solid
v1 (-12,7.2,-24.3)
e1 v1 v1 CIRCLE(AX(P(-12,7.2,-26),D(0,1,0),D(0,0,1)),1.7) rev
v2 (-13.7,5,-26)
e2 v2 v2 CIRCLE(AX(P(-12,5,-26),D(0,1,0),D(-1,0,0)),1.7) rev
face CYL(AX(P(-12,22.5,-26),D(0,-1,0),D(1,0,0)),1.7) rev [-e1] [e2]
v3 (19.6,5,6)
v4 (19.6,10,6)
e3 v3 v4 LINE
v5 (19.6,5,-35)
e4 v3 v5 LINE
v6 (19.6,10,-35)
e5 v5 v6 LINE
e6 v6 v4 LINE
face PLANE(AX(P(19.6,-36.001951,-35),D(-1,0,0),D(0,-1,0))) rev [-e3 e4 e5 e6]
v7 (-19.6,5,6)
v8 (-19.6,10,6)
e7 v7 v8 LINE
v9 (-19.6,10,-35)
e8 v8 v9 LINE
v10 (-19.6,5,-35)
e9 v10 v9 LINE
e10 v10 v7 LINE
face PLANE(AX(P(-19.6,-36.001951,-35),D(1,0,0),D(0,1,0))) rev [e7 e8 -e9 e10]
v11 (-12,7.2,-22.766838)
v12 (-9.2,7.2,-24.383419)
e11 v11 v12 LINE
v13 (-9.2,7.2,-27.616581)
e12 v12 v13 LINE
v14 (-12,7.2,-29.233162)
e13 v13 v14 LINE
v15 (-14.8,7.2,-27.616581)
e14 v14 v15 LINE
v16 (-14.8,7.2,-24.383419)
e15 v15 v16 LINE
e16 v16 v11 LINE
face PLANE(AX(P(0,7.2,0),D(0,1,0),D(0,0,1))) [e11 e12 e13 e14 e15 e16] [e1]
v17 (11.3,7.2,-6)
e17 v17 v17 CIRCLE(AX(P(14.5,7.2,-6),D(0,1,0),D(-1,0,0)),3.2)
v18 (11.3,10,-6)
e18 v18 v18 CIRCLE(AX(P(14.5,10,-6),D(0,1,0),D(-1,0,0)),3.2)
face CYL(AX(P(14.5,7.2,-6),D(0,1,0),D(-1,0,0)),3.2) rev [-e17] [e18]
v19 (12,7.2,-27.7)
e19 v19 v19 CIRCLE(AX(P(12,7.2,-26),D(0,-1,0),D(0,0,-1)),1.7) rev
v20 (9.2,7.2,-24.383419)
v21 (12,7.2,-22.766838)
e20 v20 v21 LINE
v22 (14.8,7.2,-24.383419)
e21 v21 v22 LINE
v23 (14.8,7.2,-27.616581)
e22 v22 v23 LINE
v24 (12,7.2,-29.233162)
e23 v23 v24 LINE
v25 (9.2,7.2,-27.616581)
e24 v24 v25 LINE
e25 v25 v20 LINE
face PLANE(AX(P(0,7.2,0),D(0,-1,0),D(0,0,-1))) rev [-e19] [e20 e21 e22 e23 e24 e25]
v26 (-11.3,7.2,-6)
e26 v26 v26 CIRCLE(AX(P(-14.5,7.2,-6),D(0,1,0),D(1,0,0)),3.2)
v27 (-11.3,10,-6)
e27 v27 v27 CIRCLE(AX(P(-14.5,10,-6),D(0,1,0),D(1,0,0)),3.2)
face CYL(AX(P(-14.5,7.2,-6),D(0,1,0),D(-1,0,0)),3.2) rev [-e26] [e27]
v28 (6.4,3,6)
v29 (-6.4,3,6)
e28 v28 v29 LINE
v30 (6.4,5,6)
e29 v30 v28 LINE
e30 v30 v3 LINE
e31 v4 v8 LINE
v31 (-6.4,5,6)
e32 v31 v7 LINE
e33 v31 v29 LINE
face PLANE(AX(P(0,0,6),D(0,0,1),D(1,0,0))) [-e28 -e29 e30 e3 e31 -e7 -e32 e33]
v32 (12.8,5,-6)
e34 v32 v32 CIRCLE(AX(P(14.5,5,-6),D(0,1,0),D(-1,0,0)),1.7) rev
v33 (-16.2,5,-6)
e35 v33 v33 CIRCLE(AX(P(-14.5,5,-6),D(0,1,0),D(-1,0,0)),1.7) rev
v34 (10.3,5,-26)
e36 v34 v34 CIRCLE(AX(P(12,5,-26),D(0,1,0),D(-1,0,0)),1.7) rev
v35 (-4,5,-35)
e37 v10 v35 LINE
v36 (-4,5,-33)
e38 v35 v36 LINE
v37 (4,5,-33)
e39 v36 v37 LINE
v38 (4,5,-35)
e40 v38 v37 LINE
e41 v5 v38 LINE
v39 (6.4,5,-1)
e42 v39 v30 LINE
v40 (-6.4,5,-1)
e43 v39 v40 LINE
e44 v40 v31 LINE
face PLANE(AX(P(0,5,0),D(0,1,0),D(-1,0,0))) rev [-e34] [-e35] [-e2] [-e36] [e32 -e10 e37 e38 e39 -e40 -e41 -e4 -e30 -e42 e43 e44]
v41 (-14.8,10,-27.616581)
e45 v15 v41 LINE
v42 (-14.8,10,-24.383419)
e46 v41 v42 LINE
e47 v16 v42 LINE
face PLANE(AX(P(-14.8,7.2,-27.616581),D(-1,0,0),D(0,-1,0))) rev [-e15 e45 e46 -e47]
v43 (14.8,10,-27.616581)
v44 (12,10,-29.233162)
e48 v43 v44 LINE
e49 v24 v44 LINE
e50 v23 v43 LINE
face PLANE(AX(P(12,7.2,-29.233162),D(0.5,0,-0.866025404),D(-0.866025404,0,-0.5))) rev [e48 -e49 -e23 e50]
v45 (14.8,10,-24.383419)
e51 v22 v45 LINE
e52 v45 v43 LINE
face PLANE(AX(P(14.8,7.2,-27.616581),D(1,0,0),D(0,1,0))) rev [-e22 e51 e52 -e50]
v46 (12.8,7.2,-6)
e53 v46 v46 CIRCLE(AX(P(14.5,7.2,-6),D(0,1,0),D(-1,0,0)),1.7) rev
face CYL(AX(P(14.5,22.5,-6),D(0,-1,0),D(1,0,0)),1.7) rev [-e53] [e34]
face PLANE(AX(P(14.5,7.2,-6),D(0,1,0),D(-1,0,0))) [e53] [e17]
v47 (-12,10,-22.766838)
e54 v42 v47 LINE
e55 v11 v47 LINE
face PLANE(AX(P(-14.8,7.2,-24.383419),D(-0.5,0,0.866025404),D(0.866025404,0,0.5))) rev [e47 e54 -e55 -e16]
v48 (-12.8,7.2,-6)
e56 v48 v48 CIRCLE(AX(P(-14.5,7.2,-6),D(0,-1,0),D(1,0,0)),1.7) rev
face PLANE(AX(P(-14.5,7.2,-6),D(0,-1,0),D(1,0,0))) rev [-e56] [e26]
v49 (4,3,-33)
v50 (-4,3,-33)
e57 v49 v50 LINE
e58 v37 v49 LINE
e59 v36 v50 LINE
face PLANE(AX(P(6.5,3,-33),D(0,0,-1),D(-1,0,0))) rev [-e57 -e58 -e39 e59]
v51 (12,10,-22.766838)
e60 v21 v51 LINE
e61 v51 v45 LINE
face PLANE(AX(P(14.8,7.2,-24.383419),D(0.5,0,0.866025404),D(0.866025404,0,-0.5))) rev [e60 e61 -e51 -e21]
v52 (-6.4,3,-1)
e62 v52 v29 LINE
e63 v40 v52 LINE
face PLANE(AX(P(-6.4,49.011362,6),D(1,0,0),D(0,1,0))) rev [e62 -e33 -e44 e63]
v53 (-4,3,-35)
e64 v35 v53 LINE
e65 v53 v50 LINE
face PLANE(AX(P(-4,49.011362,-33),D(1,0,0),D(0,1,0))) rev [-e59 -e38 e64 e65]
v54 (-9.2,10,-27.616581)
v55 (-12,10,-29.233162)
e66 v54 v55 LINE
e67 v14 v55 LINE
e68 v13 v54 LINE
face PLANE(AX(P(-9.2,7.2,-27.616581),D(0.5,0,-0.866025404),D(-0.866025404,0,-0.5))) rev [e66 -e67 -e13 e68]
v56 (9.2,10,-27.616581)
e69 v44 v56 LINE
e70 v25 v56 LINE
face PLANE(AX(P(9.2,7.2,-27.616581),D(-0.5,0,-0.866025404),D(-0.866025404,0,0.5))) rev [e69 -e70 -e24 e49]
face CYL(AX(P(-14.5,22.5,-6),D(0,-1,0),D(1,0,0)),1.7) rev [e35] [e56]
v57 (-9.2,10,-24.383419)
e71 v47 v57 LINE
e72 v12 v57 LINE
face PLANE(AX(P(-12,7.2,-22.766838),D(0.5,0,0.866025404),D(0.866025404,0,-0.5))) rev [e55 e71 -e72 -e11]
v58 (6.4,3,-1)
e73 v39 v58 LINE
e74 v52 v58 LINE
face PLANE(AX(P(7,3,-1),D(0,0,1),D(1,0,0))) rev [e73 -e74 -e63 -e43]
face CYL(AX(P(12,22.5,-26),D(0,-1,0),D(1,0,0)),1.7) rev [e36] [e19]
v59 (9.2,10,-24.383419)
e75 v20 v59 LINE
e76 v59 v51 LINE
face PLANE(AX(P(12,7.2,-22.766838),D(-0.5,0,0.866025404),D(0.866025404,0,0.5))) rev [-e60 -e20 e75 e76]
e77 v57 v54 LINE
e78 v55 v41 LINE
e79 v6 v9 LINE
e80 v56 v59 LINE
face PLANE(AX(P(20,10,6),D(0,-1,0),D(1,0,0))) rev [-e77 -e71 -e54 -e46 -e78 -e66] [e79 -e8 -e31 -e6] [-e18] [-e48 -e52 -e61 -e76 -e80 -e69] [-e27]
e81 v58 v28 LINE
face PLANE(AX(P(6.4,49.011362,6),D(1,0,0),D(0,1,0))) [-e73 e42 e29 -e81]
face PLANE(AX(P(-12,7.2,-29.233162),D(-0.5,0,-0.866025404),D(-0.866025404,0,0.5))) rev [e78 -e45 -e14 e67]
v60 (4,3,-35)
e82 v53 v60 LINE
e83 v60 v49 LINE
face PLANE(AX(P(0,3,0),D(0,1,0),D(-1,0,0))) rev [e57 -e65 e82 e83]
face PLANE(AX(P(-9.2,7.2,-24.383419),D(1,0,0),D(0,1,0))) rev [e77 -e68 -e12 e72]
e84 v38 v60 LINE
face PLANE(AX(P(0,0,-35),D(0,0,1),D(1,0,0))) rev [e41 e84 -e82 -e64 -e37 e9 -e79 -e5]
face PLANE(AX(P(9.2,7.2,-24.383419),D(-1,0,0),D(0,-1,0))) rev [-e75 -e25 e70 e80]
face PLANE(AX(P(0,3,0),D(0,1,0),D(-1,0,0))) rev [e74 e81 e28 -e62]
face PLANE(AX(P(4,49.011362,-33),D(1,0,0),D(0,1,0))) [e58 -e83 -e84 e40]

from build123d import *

# Parameters (mm, degrees)
SKETCH_1_W          = 40
SKETCH_1_H          = 20
EXTRUDE_1_DEPTH     = 6
SKETCH_2_W          = 40
SKETCH_2_H          = 32.5
EXTRUDE_2_DEPTH     = 35
CUT_EXTRUDE_1_DEPTH = 13
CUT_EXTRUDE_2_DEPTH = 2
SKETCH_6_W          = 40
SKETCH_6_H          = 41
CUT_EXTRUDE_3_DEPTH = 5
SKETCH_8_R          = 1.7
CUT_EXTRUDE_4_DEPTH = 49.79805324
SKETCH_9_W          = 40
SKETCH_9_H          = 12.5
SKETCH_9_H_2        = 8
CUT_EXTRUDE_5_DEPTH = 41
CUT_EXTRUDE_6_DEPTH = 2
SKETCH_11_R         = 3.2
CUT_EXTRUDE_7_DEPTH = 2.8
SKETCH_12_W         = 0.4
SKETCH_12_H         = 41
CUT_EXTRUDE_8_DEPTH = 5


with BuildPart() as part:
    # Эскиз1 → Бобышка-Вытянуть1 (new body)
    with BuildSketch(Plane.XY):
        Rectangle(SKETCH_1_W, SKETCH_1_H)
    extrude(amount=EXTRUDE_1_DEPTH)

    # Эскиз2 → Бобышка-Вытянуть2 (add)
    with BuildSketch(Plane(origin=(0, 0, 0), x_dir=(-1, 0, 0), z_dir=(0, 0, -1))):
        with Locations((0, 6.25)):
            Rectangle(SKETCH_2_W, SKETCH_2_H)
    extrude(amount=EXTRUDE_2_DEPTH)

    # Эскиз3 → Вырез-Вытянуть1 (cut)
    with BuildSketch(Plane.XZ.offset(10)):
        Polygon((-7, 6), (-7, -1), (-9, -1), (-9, -23), (-6.5, -26), (-6.5, -33), (-4.5, -33), (-4.5, -35), (4.5, -35), (4.5, -33), (6.5, -33), (6.5, -26), (9, -23), (9, -1), (7, -1), (7, 6), align=None)
    extrude(amount=-CUT_EXTRUDE_1_DEPTH, mode=Mode.SUBTRACT)

    # Эскиз5 → Вырез-Вытянуть2 (cut)
    with BuildSketch(Plane.XZ.offset(-3)):
        Polygon((-9, -1), (9, -1), (9, -23), (6.5, -26), (6.5, -33), (-6.5, -33), (-6.5, -26), (-9, -23), align=None)
    extrude(amount=-CUT_EXTRUDE_2_DEPTH, mode=Mode.SUBTRACT)

    # Эскиз6 → Вырез-Вытянуть3 (cut)
    with BuildSketch(Plane.XZ.offset(10)):
        with Locations((0, -14.5)):
            Rectangle(SKETCH_6_W, SKETCH_6_H)
    extrude(amount=-CUT_EXTRUDE_3_DEPTH, mode=Mode.SUBTRACT)

    # Эскиз8 → Вырез-Вытянуть4 (cut, through all)
    with BuildSketch(Plane.XZ.offset(5)):
        with Locations((12, -26)):
            Circle(SKETCH_8_R)
        with Locations((14.5, -6)):
            Circle(SKETCH_8_R)
        with Locations(Location((-12, -26, 0), (0, 0, 180))):
            Circle(SKETCH_8_R)
        with Locations(Location((-14.5, -6, 0), (0, 0, 180))):
            Circle(SKETCH_8_R)
    extrude(amount=-CUT_EXTRUDE_4_DEPTH, mode=Mode.SUBTRACT)

    # Эскиз9 → Вырез-Вытянуть5 (cut)
    with BuildSketch(Plane.XY.offset(6)):
        with Locations((0, 16.25)):
            Rectangle(SKETCH_9_W, SKETCH_9_H)
        with Locations((0, -1)):
            Rectangle(SKETCH_9_W, SKETCH_9_H_2)
    extrude(amount=-CUT_EXTRUDE_5_DEPTH, mode=Mode.SUBTRACT)

    # Эскиз10 → Вырез-Вытянуть6 (cut)
    with BuildSketch(Plane.XZ.offset(-3)):
        Polygon((-20, 6), (-6.4, 6), (-6.4, -1), (-4, -33), (-4, -35), (-20, -35), align=None)
    cut_extrude_6 = extrude(amount=-CUT_EXTRUDE_6_DEPTH, mode=Mode.SUBTRACT)

    # Зеркальное отражение1: Вырез-Вытянуть6 across plane
    add(cut_extrude_6.mirror(Plane(origin=(0, 0, 0), x_dir=(0, 0, 1), z_dir=(1, 0, 0))), mode=Mode.SUBTRACT)

    # Эскиз11 → Вырез-Вытянуть7 (cut)
    with BuildSketch(Plane(origin=(0, 10, 0), x_dir=(1, 0, 0), z_dir=(0, 1, 0))):
        with Locations(Location((14.5, 6, 0), (0, 0, 180))):
            Circle(SKETCH_11_R)
        with Locations((-14.5, 6)):
            Circle(SKETCH_11_R)
        Polygon((-12, 29.233161507), (-14.8, 27.616580754), (-14.8, 24.383419246), (-12, 22.766838493), (-9.2, 24.383419246), (-9.2, 27.616580754), align=None)
        Polygon((9.2, 27.616580754), (12, 29.233161507), (14.8, 27.616580754), (14.8, 24.383419246), (12, 22.766838493), (9.2, 24.383419246), align=None)
    extrude(amount=-CUT_EXTRUDE_7_DEPTH, mode=Mode.SUBTRACT)

    # Эскиз12 → Вырез-Вытянуть8 (cut)
    with BuildSketch(Plane(origin=(0, 10, 0), x_dir=(1, 0, 0), z_dir=(0, 1, 0))):
        with Locations((-19.8, 14.5)):
            Rectangle(SKETCH_12_W, SKETCH_12_H)
        with Locations((19.8, 14.5)):
            Rectangle(SKETCH_12_W, SKETCH_12_H)
    extrude(amount=-CUT_EXTRUDE_8_DEPTH, mode=Mode.SUBTRACT)


solid = part.part
